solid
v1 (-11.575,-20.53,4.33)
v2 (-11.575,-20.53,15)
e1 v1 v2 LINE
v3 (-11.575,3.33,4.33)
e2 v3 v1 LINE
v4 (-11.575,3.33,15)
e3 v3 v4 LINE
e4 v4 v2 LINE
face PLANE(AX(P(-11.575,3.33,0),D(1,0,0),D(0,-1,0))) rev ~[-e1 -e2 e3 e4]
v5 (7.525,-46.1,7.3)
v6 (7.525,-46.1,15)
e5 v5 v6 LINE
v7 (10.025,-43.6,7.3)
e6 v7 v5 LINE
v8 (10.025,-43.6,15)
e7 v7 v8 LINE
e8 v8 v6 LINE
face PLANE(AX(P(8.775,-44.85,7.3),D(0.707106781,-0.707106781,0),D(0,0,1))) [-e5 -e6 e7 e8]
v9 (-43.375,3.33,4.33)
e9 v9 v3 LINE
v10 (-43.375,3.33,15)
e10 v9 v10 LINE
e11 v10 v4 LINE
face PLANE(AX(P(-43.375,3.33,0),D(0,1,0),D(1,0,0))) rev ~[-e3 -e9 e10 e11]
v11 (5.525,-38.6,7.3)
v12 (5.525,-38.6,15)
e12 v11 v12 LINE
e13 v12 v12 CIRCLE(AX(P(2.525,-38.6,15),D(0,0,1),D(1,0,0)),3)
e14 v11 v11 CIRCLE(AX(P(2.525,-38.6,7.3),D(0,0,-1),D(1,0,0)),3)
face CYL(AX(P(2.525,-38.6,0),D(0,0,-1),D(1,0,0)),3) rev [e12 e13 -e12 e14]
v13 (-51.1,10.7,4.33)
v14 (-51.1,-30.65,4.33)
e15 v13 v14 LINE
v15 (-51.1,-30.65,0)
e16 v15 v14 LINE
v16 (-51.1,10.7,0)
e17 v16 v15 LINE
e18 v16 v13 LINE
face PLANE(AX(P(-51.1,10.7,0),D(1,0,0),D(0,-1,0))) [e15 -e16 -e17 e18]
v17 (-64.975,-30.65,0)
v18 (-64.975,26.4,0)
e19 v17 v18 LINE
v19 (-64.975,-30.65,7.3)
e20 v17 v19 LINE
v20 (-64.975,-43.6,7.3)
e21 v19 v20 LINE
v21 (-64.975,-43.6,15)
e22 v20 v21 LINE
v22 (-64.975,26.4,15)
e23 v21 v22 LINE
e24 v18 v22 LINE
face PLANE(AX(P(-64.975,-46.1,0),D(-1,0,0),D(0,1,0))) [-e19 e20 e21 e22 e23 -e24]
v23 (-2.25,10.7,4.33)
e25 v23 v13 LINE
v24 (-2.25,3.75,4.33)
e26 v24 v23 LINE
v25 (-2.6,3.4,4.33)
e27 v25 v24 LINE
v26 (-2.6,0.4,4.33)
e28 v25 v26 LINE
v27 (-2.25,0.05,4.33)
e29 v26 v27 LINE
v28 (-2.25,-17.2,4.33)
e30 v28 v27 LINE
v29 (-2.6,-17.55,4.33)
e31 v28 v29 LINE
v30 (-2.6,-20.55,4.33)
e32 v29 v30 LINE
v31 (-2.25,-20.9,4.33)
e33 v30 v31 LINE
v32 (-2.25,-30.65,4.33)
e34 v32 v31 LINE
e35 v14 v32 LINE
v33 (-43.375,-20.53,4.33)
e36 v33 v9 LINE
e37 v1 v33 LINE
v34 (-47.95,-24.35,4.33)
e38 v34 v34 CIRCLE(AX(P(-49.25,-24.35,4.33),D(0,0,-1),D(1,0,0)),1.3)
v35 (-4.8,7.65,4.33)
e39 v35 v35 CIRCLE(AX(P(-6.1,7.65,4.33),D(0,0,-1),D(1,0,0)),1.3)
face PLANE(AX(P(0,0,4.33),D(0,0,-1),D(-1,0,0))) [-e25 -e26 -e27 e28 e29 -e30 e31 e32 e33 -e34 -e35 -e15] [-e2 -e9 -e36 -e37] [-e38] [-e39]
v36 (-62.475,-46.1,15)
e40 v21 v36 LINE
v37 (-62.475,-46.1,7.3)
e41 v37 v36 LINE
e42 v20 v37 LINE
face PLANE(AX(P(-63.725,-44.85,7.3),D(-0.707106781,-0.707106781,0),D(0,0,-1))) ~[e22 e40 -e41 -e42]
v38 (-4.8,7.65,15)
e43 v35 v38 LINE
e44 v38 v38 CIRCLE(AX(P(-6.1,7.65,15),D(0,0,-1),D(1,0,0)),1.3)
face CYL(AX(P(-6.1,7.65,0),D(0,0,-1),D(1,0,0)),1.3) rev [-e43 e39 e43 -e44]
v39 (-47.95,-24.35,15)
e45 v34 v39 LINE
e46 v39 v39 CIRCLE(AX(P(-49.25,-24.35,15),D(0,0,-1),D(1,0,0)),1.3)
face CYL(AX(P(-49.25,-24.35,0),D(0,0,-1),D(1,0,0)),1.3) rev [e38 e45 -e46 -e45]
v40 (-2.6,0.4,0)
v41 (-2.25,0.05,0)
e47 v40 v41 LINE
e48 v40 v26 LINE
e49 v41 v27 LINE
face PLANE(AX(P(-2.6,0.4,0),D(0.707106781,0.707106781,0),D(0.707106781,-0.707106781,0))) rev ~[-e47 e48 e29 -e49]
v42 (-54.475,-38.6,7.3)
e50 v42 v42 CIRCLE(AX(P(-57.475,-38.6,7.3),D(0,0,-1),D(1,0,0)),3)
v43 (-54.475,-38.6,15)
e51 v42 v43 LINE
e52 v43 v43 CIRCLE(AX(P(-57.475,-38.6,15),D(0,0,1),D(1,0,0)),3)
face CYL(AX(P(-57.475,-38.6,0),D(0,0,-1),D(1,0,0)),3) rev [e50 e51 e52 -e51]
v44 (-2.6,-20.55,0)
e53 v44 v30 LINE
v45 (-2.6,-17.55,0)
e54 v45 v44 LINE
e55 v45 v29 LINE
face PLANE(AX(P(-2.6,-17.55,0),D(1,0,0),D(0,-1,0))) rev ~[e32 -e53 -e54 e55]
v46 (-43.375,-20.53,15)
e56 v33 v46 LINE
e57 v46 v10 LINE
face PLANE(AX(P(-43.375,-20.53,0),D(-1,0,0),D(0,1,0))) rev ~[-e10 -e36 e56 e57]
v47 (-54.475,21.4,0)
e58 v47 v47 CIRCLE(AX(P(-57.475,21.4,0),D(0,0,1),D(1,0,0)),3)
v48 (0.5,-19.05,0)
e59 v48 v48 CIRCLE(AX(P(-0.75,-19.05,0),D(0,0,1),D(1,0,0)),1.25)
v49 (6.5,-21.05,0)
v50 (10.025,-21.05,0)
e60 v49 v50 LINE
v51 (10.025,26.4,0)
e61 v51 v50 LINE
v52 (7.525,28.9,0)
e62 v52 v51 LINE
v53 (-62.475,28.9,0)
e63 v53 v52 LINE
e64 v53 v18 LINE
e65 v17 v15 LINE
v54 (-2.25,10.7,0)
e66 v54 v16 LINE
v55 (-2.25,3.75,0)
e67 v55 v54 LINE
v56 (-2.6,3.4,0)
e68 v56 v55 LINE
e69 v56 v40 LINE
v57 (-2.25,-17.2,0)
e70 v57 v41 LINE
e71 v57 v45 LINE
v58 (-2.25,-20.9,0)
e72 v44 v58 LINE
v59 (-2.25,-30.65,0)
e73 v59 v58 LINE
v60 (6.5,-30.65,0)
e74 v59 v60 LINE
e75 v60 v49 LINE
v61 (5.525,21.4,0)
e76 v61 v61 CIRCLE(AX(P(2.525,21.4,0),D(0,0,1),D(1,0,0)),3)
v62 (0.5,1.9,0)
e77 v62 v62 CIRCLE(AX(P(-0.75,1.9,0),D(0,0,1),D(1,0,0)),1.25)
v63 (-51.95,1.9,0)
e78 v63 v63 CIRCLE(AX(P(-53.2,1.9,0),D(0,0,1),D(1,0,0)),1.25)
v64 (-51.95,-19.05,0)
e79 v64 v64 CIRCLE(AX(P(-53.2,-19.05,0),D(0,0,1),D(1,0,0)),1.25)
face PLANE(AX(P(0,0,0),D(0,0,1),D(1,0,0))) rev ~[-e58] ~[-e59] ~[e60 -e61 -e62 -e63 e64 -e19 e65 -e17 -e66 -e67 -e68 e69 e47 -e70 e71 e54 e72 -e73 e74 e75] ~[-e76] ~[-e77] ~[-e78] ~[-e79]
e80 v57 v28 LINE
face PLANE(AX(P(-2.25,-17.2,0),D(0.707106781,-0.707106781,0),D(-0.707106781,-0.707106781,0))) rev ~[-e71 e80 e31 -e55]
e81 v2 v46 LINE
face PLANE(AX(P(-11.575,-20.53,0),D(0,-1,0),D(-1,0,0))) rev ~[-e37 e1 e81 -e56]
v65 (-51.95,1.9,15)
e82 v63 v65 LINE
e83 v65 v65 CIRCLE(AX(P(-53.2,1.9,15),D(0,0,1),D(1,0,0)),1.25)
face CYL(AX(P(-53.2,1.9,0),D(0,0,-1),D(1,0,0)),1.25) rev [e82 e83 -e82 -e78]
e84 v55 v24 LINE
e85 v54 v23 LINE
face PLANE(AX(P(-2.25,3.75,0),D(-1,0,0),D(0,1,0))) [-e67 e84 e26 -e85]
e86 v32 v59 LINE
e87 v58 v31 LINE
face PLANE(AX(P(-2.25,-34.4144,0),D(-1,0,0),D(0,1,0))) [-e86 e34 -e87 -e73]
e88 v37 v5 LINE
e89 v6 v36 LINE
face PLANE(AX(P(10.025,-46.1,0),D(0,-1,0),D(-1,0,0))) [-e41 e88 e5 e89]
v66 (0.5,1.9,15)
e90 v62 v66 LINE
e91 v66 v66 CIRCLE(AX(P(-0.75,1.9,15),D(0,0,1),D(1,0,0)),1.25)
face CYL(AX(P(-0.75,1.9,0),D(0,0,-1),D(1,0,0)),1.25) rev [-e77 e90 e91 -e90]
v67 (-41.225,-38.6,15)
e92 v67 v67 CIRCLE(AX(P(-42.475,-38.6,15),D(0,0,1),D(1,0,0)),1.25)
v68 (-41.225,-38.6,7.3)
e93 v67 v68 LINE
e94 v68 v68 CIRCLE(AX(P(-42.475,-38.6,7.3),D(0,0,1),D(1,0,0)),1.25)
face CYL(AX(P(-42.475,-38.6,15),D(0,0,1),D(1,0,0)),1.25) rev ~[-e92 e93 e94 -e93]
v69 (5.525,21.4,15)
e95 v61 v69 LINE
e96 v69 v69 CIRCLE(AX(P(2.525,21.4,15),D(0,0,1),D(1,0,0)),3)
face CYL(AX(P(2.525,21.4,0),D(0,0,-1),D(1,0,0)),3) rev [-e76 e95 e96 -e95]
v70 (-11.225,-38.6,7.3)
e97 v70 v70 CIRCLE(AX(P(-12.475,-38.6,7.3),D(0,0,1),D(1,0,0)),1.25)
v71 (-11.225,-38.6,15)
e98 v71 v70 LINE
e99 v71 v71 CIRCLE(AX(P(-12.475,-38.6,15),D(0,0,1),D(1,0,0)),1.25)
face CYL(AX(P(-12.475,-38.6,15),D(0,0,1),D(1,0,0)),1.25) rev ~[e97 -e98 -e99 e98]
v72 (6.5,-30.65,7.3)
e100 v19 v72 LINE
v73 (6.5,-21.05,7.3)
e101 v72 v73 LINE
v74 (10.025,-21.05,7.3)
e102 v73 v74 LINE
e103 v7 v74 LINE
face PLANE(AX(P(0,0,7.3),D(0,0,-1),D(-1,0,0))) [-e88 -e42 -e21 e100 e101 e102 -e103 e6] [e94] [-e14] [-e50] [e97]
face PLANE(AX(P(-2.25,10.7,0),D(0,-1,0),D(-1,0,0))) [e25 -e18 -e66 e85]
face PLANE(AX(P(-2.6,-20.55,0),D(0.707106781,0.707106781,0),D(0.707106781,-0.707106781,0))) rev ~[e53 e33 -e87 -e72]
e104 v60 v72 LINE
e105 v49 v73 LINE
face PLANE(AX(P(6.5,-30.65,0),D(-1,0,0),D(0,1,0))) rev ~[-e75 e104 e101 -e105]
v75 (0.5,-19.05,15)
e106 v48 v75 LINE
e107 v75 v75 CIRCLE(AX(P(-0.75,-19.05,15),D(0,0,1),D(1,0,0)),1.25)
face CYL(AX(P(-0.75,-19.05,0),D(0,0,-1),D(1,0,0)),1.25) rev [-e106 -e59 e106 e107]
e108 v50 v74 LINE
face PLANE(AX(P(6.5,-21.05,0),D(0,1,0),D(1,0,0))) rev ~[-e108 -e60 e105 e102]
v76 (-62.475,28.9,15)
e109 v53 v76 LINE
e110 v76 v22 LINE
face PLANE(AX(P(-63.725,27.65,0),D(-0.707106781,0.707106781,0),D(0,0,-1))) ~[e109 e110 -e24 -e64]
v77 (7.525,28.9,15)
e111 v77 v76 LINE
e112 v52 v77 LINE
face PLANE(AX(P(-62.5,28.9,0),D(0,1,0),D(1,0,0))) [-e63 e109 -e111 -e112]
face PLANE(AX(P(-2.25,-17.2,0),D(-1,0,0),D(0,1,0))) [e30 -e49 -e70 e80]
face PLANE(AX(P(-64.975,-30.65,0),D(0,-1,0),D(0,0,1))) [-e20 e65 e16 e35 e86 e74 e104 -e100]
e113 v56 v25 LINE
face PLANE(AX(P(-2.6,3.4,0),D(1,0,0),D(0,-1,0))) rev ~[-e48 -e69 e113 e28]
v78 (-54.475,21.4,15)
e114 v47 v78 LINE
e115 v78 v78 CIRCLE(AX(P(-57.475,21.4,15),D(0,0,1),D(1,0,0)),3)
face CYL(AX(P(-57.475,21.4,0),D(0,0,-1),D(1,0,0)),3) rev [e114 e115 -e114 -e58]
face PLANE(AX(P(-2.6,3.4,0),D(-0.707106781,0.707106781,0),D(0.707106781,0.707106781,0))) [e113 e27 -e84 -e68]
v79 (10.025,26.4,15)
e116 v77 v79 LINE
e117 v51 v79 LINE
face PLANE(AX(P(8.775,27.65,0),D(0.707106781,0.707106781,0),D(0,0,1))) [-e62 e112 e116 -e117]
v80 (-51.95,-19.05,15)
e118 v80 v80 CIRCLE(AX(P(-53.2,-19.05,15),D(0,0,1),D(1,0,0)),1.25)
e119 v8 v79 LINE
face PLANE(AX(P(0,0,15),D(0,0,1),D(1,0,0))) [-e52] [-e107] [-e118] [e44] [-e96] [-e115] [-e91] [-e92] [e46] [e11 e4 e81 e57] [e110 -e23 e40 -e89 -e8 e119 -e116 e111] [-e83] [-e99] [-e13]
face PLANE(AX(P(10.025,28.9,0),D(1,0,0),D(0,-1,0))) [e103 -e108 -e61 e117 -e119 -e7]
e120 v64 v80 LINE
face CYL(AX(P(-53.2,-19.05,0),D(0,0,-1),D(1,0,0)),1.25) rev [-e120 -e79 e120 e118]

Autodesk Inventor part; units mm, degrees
ref_plane "YZ Plane" through (0, 0, 0) normal (1, 0, 0) x (0, 1, 0)
ref_plane "XZ Plane" through (0, 0, 0) normal (0, 1, 0) x (-1, 0, 0)
ref_plane "Płaszczyzna konstrukcyjna1" through (0, 0, 0) normal (0, 0, 1) x (1, 0, 0)
sketch "Szkic1" plane through (0, 0, 0) normal (0, 0, 1) x (1, 0, 0)
  circle A0 centre (-0.75, -19.05) radius 2 projected
  circle A1 centre (-0.75, 1.9) radius 2 projected
  circle A2 centre (-53.2, 1.9) radius 2 projected
  circle A3 centre (-53.2, -19.05) radius 2 projected
  arc A4 (-7.07, 6.8616) -> (-7.3, 7.3) centre (-6.1, 7.65) ccw projected
  line L0 (-7.07, 6.8616) -> (-7.07, -24.52) projected
  line L1 (-7.07, -24.52) -> (-47.8, -24.52) projected
  line L2 (-47.8, -24.52) -> (-47.8, 7.3) projected
  line L3 (-47.8, 7.3) -> (-7.3, 7.3) projected
  arc A5 (-49.8576, -25.4424) -> (-50.3424, -24.9576) centre (-49.25, -24.35) ccw projected
  line L4 (-49.8576, -25.4424) -> (-47.9, -27.4) projected
  line L5 (-47.9, -27.4) -> (-33.9, -27.4) projected
  line L6 (-33.9, -27.4) -> (-30.0895, -29.6) projected
  line L7 (-30.0895, -29.6) -> (-13.35, -29.6) projected
  line L8 (-13.35, -29.6) -> (-11.15, -27.4) projected
  line L9 (-11.15, -27.4) -> (-7.15, -27.4) projected
  line L10 (-7.15, -27.4) -> (-2.65, -22.9) projected
  line L11 (-2.65, -22.9) -> (-2.65, 6.4) projected
  line L12 (-2.65, 6.4) -> (-6.65, 10.4) projected
  line L13 (-6.65, 10.4) -> (-47.9, 10.4) projected
  arc A6 (-47.9, 10.4) -> (-50.9, 7.4) centre (-47.9, 7.4) ccw projected
  line L14 (-50.9, 7.4) -> (-50.9, -24.4) projected
  line L15 (-50.9, -24.4) -> (-50.3424, -24.9576) projected
  line L16 (-50.3424, -24.9576) -> (-49.8576, -25.4424) projected
  arc A7 (-49.8576, -25.4424) -> (-50.3424, -24.9576) centre (-49.25, -24.35) ccw projected
  line L17 (-42.875, -20.03) -> (-42.875, 2.83) projected
  line L18 (-42.875, 2.83) -> (-12.075, 2.83) projected
  line L19 (-12.075, 2.83) -> (-12.075, -20.03) projected
  line L20 (-12.075, -20.03) -> (-42.875, -20.03) projected
  line L21 (-45.382, -22.57) -> (-9.568, -22.57) projected
  line L22 (-9.568, -22.57) -> (-9.568, 5.37) projected
  line L23 (-9.568, 5.37) -> (-45.382, 5.37) projected
  line L24 (-45.382, 5.37) -> (-45.382, -22.57) projected
  arc A8 (-18.975, -17.3) -> (-14.775, -13.1) centre (-18.975, -13.1) ccw projected
  line L25 (-18.975, -17.3) -> (-35.975, -17.3) projected
  arc A9 (-40.175, -13.1) -> (-35.975, -17.3) centre (-35.975, -13.1) ccw projected
  line L26 (-40.175, -13.1) -> (-40.175, -4.1) projected
  arc A10 (-35.975, 0.1) -> (-40.175, -4.1) centre (-35.975, -4.1) ccw projected
  line L27 (-35.975, 0.1) -> (-18.975, 0.1) projected
  arc A11 (-14.775, -4.1) -> (-18.975, 0.1) centre (-18.975, -4.1) ccw projected
  line L28 (-14.775, -4.1) -> (-14.775, -13.1) projected
  line L29 (-42.875, -20.03) -> (-12.075, -20.03) projected
  line L30 (-12.075, -20.03) -> (-12.075, 2.83) projected
  line L31 (-12.075, 2.83) -> (-42.875, 2.83) projected
  line L32 (-42.875, 2.83) -> (-42.875, -20.03) projected
  line L33 (-62.5, -30.65) -> (-6.9, -30.65) construction
  line L34 (-62.5, 29.05) -> (-62.5, -29.05) projected
  line L35 (-62.5, -29.05) -> (8.2, -29.05) projected
  circle A12 centre (-0.75, -19.05) radius 1.25
  circle A13 centre (-0.75, 1.9) radius 1.25
  circle A14 centre (-53.2, 1.9) radius 1.25
  circle A15 centre (-53.2, -19.05) radius 1.25
  circle A16 centre (-49.25, -24.35) radius 1.3
  circle A17 centre (-6.1, 7.65) radius 1.3
  line L36 (-11.575, -20.53) -> (-43.375, -20.53)
  line L37 (-43.375, -20.53) -> (-43.375, 3.33)
  line L38 (-43.375, 3.33) -> (-11.575, 3.33)
  line L39 (-11.575, 3.33) -> (-11.575, -20.53)
  line L40 (-27.475, -20.03) -> (-27.475, 2.83) construction
  line L41 (-11.575, -8.6) -> (-43.375, -8.6) construction
  line L42 (2.525, -38.6) -> (-57.475, -38.6) construction
  line L43 (-57.475, -38.6) -> (-57.475, 21.4) construction
  line L44 (-57.475, 21.4) -> (2.525, 21.4) construction
  line L45 (2.525, 21.4) -> (2.525, -38.6) construction
  line L46 (2.525, -38.6) -> (-57.475, 21.4) construction
  line L47 (-57.475, -38.6) -> (2.525, 21.4) construction
  line L48 (10.025, -46.1) -> (-64.975, -46.1)
  line L49 (-64.975, -46.1) -> (-64.975, 28.9)
  line L50 (-64.975, 28.9) -> (10.025, 28.9)
  line L51 (10.025, 28.9) -> (10.025, -46.1)
  line L52 (10.025, -46.1) -> (-64.975, 28.9) construction
  line L53 (-64.975, -46.1) -> (10.025, 28.9) construction
  circle A18 centre (-57.475, 21.4) radius 3
  circle A19 centre (2.525, 21.4) radius 3
  circle A20 centre (2.525, -38.6) radius 3
  circle A21 centre (-57.475, -38.6) radius 3
  line L54 (-2.35, -32.15) -> (-51.2, -32.15)
  line L55 (-51.2, -32.15) -> (-51.2, 10.7)
  line L56 (-51.2, 10.7) -> (-2.35, 10.7)
  line L57 (-62.5, -32.15) -> (147.5, -32.15) projected
  circle A22 centre (-0.75, 1.9) radius 1.5 construction
  line L58 (-2.35, 3.1) -> (-2.65, 2.5245)
  line L59 (-2.65, 2.5245) -> (-2.65, 1.2755)
  line L60 (-2.65, 1.2755) -> (-2.35, 0.7)
  line L61 (-2.35, -17.85) -> (-2.65, -18.4255)
  line L62 (-2.65, -18.4255) -> (-2.65, -19.6745)
  line L63 (-2.65, -19.6745) -> (-2.35, -20.25)
  line L64 (-2.35, -20.25) -> (-2.35, -32.15)
  line L65 (-2.35, 10.7) -> (-2.35, 3.1)
  line L66 (-2.35, 0.7) -> (-2.35, -17.85)
  point P0 (0, 0)
  point P1 (-27.475, -8.6)
  dimension "d0" = 2.5
  dimension "d1" = 2.6
  dimension "d2" = 2.6
  dimension "d3" = 0.5
  dimension "d4" = 0.5
  dimension "d5" = 0.5
  dimension "d6" = 0.5
  dimension "d7" = 60
  dimension "d8" = 75
  dimension "d9" = 6
  dimension "d10" = 0.3
  dimension "d12" = 0.3
  dimension "d36" = 3
  dimension "d37" = 0.3
extrude "Wyciągnięcie proste1" add sketch "Szkic1" along normal blind 15 contours A0 L63 L11 L61 | A3 | A2 | A0 L66 A1 L65 L56 L55 L35 L34 L50 L51 L57 L64 | L61 A0 | A0 L11 A1 L66 | L64 L35 L8 L9 L10 L11 A0 | A0 L63 | L11 A0 | A0 L11 L10 L9 L8 L35 L6 L5 L4 A16 L15 L14 A6 L13 L12 A1 | L60 L11 L58 A1 | A1 L60 | L64 L54 L55 L35 L6 L7 L8 | A1 L11 | L8 L7 L6 L35 | L57 L51 L48 L49 L50 L34 L35 L55 L54 | L11 L12 L13 A6 L14 L15 A16 L4 L5 L6 L35 L55 L56 L65 A1 | A1 L58 | L0 L1 L2 L3 A17 | L24 L23 L22 L21
sketch "Szkic2" plane through (0, 0, 0) normal (0, 0, -1) x (-1, 0, 0)
  line L0 (64.975, 28.9) -> (64.975, -46.1) projected
  line L1 (-10.025, 28.9) -> (64.975, 28.9) projected
  line L2 (-10.025, -46.1) -> (-10.025, 28.9) projected
  line L3 (64.975, -46.1) -> (-10.025, -46.1) projected
  line L4 (11.575, -20.53) -> (43.375, -20.53) projected
  line L5 (11.575, 3.33) -> (11.575, -20.53) projected
  line L6 (43.375, 3.33) -> (11.575, 3.33) projected
  line L7 (43.375, -20.53) -> (43.375, 3.33) projected
  circle A0 centre (49.25, -24.35) radius 1.3 projected
  circle A1 centre (57.475, -38.6) radius 3 projected
  circle A2 centre (-2.525, -38.6) radius 3 projected
  circle A3 centre (-2.525, 21.4) radius 3 projected
  circle A4 centre (57.475, 21.4) radius 3 projected
  circle A5 centre (0.75, 1.9) radius 1.25 projected
  circle A6 centre (0.75, -19.05) radius 1.25 projected
  circle A7 centre (53.2, -19.05) radius 1.25 projected
  circle A8 centre (53.2, 1.9) radius 1.25 projected
  circle A9 centre (6.1, 7.65) radius 1.3 projected
  line L8 (6.65, 10.4) -> (47.9, 10.4) projected
  arc A10 (50.9, 7.4) -> (47.9, 10.4) centre (47.9, 7.4) ccw projected
  line L9 (50.9, 7.4) -> (50.9, -24.4) projected
  line L10 (2.65, 6.4) -> (6.65, 10.4) projected
  line L11 (2.65, -22.9) -> (2.65, 6.4) projected
  line L12 (7.15, -27.4) -> (2.65, -22.9) projected
  line L13 (11.15, -27.4) -> (7.15, -27.4) projected
  line L14 (13.35, -29.6) -> (11.15, -27.4) projected
  line L15 (50.9, -24.4) -> (47.9, -27.4) projected
  line L16 (47.9, -27.4) -> (33.9, -27.4) projected
  line L17 (33.9, -27.4) -> (30.0895, -29.6) projected
  line L18 (30.0895, -29.6) -> (13.35, -29.6) projected
  line L19 (2.25, 10.7) -> (51.1, 10.7)
  line L20 (51.1, 10.7) -> (51.1, -34.4144)
  line L21 (51.1, -34.4144) -> (2.25, -34.4144)
  line L22 (62.5, -30.65) -> (6.9, -30.65) construction
  line L23 (62.5, -32.15) -> (-147.5, -32.15) construction
  circle A11 centre (0.75, 1.9) radius 1.5 construction
  circle A12 centre (0.75, -19.05) radius 1.5 construction
  line L24 (2.6, 3.4) -> (2.6, 0.4)
  line L25 (2.6, 0.4) -> (2.25, 0.05)
  line L26 (2.6, 3.4) -> (2.25, 3.75)
  line L27 (2.25, -17.2) -> (2.6, -17.55)
  line L28 (2.6, -17.55) -> (2.6, -20.55)
  line L29 (2.6, -20.55) -> (2.25, -20.9)
  line L30 (2.25, 3.75) -> (2.25, 10.7)
  line L31 (2.25, -34.4144) -> (2.25, -20.9)
  line L32 (2.25, -17.2) -> (2.25, 0.05)
  point P0 (0, 0)
  point P1 (2.6, 1.9)
  point P2 (2.6, -19.05)
  dimension "d15" = 0.2
  dimension "d16" = 0.3
  dimension "d38" = 3
  dimension "d39" = 3
  dimension "d40" = 3
  dimension "d41" = 3
  dimension "d43" = 0.05
  dimension "d44" = 48.85
  dimension "d45" = 45
  dimension "d46" = 45
extrude "Wyciągnięcie proste2" cut sketch "Szkic2" against normal blind 4.33 contours A0 L15 L16 L17 L18 L14 L13 L12 L11 L10 L8 A10 L9 | L19 L20 L21 L31 L29 L28 L27 L32 L25 L24 L26 L30
sketch "Szkic3" plane through (-64.975, -46.1, 0) normal (-1, 0, 0) x (0, 0, 1)
  line L0 (0, 75) -> (0, 0) projected
  line L1 (0, 0) -> (15, 0) projected
  line L2 (0, 15.45) -> (7.3, 15.45)
  line L3 (7.3, 15.45) -> (7.3, 0)
  line L4 (7.3, 0) -> (0, 0)
  line L5 (0, 0) -> (0, 15.45)
  line L6 (-98.1, 15.45) -> (7, 15.45) projected
  line L7 (7, 15.45) -> (7, 13.95) projected
  line L8 (-98.1, 13.95) -> (7, 13.95) projected
  line L9 (-98.1, 15.45) -> (-98.1, 13.95) projected
  point P0 (0, 46.1)
  dimension "d22" = 0.3
extrude "Wyciągnięcie proste3" cut sketch "Szkic3" against normal up to next contours L2 L7 L8 L0 | L8 L7 L2 L3 L1 L0
chamfer "Faza1" distance 2.5 angle 45 4 edges at (-64.975, 28.9, 7.5) (-64.975, -46.1, 11.15) (10.025, -46.1, 11.15) (10.025, 28.9, 7.5)
sketch "Szkic4" plane through (0, 0, 0) normal (0, 0, -1) x (-1, 0, 0)
  line L0 (-8.5, -30.65) -> (-64.1, -30.65) construction
  line L1 (-8.5, -30.65) -> (-8.5, -22.05) construction
  line L2 (-64.1, -22.05) -> (-8.5, -22.05) construction
  line L3 (-64.1, -30.65) -> (-64.1, -22.05) construction
  line L4 (-10.025, -30.65) -> (-10.025, 26.4) projected
  line L5 (-10.025, -30.65) -> (-6.5, -30.65)
  line L6 (-6.5, -30.65) -> (-6.5, -21.05)
  line L7 (-6.5, -21.05) -> (-10.025, -21.05)
  line L8 (-10.025, -21.05) -> (-10.025, -30.65)
  point P0 (0, 0)
  point P1 (-8.2625, -21.05)
  dimension "d26" = 1
  dimension "d27" = 2
extrude "Wyciągnięcie proste4" cut sketch "Szkic4" against normal up to surface (7.3 mm away)
sketch "Szkic6" plane through (0, 0, 15) normal (0, 0, 1) x (1, 0, 0)
  circle A0 centre (-57.475, -38.6) radius 3 construction
  circle A1 centre (2.525, -38.6) radius 3 construction
  line L0 (-57.475, -38.6) -> (2.525, -38.6) construction
  circle A2 centre (-42.475, -38.6) radius 1.25
  circle A3 centre (-12.475, -38.6) radius 1.25
  point P0 (0, 0)
  dimension "d30" = 2.5
  dimension "d31" = 15
  dimension "d32" = 2.5
  dimension "d33" = 15
extrude "Wyciągnięcie proste5" cut sketch "Szkic6" against normal up to next
properties part number "mocowanie_2000"
